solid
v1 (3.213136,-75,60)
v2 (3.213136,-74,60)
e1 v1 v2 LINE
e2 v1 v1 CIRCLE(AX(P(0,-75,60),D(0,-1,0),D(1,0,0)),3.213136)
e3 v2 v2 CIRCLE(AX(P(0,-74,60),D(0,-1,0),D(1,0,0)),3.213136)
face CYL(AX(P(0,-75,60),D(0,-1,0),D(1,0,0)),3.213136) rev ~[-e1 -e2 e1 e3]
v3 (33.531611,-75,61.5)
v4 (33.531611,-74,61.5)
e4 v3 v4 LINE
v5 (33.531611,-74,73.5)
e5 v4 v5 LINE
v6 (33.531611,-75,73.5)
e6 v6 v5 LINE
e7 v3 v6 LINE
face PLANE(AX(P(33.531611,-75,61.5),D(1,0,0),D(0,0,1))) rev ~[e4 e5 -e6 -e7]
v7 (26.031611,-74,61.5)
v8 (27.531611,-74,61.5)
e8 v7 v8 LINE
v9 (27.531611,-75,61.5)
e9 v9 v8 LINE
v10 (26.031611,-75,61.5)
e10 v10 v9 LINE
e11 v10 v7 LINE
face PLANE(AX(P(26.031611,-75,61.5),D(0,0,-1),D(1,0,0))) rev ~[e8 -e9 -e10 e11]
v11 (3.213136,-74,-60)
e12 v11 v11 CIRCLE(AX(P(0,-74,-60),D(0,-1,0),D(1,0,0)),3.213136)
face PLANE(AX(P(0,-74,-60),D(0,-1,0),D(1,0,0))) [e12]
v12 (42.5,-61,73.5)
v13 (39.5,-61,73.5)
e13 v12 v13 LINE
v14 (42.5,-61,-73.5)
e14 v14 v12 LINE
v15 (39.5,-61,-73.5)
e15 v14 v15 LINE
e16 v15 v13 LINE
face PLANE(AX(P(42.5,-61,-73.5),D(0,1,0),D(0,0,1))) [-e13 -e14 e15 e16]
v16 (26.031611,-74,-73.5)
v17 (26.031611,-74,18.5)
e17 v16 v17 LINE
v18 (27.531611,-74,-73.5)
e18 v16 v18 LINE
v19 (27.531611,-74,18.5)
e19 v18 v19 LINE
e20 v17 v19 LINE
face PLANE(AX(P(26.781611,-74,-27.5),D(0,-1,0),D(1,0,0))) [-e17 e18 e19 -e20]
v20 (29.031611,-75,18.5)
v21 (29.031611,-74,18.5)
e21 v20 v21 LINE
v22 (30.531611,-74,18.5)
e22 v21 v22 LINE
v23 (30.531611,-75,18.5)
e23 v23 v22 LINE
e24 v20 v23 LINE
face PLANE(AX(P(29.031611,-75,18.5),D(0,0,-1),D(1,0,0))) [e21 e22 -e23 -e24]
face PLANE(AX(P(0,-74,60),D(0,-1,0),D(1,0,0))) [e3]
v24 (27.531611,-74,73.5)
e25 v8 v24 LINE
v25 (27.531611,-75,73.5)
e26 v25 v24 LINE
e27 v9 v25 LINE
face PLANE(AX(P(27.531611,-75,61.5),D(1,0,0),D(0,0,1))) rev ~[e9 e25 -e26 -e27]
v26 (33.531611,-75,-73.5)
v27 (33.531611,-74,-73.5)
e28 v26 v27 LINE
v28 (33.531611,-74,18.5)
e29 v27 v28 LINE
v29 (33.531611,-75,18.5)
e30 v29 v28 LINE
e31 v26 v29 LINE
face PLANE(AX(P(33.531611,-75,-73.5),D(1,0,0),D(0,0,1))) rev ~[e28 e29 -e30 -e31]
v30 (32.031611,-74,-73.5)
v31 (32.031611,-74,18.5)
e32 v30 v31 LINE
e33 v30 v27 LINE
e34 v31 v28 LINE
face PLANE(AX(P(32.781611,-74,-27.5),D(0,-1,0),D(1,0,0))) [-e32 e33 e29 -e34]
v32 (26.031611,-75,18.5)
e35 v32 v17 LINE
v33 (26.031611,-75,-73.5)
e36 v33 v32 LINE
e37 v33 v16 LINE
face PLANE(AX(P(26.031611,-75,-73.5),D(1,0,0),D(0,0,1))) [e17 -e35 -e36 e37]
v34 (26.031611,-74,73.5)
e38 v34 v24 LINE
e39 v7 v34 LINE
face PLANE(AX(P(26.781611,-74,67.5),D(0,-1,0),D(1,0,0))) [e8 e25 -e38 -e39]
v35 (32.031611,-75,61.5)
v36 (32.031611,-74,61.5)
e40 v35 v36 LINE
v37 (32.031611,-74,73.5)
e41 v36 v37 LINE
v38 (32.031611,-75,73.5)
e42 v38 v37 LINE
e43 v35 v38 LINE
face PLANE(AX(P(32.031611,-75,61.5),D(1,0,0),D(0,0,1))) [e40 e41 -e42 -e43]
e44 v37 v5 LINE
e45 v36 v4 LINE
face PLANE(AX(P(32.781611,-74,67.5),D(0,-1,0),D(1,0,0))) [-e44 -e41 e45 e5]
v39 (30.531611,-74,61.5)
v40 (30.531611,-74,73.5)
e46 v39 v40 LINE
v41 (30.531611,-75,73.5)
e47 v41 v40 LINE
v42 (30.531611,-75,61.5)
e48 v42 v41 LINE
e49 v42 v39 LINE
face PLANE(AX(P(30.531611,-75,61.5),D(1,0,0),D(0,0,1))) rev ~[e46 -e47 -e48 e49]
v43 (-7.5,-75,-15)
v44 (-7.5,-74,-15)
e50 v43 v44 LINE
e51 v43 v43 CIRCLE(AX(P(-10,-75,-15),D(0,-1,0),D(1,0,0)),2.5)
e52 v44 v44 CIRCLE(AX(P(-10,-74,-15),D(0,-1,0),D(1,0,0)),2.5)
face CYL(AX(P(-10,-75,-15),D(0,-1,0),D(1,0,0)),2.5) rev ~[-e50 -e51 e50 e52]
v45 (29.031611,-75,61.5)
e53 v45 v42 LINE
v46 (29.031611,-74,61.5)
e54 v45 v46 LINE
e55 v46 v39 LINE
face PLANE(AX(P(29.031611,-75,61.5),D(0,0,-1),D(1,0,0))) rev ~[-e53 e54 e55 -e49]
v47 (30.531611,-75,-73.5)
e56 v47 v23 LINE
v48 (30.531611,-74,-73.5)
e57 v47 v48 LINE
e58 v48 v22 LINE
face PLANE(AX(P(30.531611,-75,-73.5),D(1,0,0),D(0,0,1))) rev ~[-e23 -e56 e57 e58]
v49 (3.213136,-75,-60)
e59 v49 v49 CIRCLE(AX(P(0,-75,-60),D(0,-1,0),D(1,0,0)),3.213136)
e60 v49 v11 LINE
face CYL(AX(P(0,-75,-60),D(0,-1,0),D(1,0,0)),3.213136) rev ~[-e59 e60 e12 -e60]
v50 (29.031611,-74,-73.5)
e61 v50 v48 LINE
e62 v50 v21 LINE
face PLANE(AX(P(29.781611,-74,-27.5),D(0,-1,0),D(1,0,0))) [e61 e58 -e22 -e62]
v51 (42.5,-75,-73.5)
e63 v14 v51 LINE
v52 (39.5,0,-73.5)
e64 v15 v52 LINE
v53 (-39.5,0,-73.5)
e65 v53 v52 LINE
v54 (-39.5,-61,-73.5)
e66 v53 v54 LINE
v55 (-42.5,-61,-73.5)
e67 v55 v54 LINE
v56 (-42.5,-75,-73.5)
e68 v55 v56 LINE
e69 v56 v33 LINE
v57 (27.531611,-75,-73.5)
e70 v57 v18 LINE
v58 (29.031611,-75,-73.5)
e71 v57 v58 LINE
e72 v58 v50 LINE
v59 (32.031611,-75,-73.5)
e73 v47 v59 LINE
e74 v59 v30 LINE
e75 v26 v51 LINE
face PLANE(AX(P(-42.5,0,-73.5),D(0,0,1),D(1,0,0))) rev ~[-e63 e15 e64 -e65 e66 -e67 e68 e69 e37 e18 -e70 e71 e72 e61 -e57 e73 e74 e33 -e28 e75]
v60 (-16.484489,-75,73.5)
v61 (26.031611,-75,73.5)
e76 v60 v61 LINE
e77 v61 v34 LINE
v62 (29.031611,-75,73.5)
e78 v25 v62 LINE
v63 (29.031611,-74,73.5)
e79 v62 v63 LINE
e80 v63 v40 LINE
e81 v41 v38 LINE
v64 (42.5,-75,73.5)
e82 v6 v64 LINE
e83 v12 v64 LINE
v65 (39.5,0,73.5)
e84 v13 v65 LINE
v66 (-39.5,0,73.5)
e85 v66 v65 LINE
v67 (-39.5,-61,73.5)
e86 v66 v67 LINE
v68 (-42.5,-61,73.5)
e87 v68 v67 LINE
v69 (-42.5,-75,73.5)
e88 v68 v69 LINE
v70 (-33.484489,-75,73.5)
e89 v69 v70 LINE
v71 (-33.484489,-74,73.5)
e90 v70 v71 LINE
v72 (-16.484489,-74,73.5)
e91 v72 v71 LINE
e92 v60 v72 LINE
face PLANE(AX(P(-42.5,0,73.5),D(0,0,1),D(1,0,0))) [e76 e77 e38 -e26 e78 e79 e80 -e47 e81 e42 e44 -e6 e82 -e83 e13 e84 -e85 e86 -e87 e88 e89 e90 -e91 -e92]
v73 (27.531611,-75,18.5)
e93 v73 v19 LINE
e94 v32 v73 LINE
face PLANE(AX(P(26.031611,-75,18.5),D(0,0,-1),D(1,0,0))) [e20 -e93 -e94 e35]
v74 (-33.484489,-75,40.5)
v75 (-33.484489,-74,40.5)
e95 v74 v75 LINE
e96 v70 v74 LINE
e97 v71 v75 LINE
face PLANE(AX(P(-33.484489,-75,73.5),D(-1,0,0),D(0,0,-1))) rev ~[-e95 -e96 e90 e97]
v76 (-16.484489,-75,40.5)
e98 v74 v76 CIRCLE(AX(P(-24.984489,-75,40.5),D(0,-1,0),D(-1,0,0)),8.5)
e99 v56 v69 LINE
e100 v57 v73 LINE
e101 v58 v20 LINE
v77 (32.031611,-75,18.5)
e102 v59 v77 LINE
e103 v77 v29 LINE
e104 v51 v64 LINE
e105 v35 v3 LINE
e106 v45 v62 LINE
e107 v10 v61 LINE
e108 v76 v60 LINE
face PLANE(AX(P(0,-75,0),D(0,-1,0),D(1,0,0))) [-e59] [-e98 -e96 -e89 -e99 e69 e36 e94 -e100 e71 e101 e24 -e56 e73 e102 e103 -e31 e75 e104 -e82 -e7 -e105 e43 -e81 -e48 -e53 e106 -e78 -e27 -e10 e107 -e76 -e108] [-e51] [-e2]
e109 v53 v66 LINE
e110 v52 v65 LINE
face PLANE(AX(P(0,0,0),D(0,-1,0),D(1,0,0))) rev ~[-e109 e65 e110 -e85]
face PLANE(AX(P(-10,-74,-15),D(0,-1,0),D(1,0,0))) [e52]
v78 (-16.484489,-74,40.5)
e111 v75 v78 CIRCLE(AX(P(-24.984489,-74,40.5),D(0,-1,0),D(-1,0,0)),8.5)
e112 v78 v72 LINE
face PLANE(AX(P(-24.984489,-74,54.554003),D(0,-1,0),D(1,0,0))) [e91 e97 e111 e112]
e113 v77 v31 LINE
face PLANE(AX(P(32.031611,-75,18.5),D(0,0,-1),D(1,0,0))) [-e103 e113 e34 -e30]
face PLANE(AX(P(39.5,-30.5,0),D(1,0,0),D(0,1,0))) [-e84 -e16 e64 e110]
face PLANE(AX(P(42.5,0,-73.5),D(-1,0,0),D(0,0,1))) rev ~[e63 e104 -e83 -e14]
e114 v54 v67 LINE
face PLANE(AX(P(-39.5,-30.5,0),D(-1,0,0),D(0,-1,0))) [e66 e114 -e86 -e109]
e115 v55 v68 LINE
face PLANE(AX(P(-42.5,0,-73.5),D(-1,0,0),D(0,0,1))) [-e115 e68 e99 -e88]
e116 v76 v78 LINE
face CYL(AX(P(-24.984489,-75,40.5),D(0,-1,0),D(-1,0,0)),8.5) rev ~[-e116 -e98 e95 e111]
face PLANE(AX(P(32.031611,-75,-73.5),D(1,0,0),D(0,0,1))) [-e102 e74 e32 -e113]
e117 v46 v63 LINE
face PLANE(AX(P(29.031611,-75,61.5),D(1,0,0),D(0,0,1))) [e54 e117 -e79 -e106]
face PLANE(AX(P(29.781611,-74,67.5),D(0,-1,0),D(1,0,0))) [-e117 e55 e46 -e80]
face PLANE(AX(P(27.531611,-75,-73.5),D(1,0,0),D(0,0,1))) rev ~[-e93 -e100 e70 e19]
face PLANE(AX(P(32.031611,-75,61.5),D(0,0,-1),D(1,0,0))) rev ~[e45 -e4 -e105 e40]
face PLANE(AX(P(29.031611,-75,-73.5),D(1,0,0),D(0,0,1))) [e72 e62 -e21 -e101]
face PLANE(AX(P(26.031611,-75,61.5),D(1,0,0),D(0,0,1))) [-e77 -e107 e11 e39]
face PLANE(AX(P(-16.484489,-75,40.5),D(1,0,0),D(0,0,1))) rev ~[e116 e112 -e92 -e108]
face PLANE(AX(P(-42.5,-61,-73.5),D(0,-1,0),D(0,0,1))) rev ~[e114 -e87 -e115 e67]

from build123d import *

# Parameters (mm, degrees)
F0_W     = 85
F0_H     = 147
F1_DEPTH = 75
F2_W     = 1.5
F2_H     = 92
F2_R     = 3.213136
F2_R_2   = 2.5
F2_H_2   = 12
F3_DEPTH = 1
F4_W     = 61
F4_H     = 147
F5_DEPTH = 3
F6_W     = 61
F6_H     = 147
F7_DEPTH = 3


with BuildPart() as f1:
    # F0 (on Front) → F1 (new body)
    with BuildSketch(Plane.XZ):
        Rectangle(F0_W, F0_H)
    extrude(amount=F1_DEPTH)

    # F2 (on face) → F3 (cut)
    with BuildSketch(Plane.XZ.offset(75)):
        with Locations((26.781611, -27.5)):
            Rectangle(F2_W, F2_H)
        with Locations((29.781611, -27.5)):
            Rectangle(F2_W, F2_H)
        with Locations((32.781611, -27.5)):
            Rectangle(F2_W, F2_H)
        with Locations((0, -60)):
            Circle(F2_R)
        with Locations((-10, -15)):
            Circle(F2_R_2)
        with Locations((0, 60)):
            Circle(F2_R)
        with BuildLine():
            Line((-16.484489, 73.5), (-33.484489, 73.5))
            Line((-33.484489, 73.5), (-33.484489, 40.5))
            ThreePointArc((-33.484489, 40.5), (-24.984489, 32), (-16.484489, 40.5))
            Line((-16.484489, 40.5), (-16.484489, 73.5))
        make_face()
        with Locations((26.781611, 67.5)):
            Rectangle(F2_W, F2_H_2)
        with Locations((29.781611, 67.5)):
            Rectangle(F2_W, F2_H_2)
        with Locations((32.781611, 67.5)):
            Rectangle(F2_W, F2_H_2)
    extrude(amount=-F3_DEPTH, mode=Mode.SUBTRACT)

    # F4 (on face) → F5 (cut)
    with BuildSketch(Plane(origin=(-42.5, 0, 0), x_dir=(0, -1, 0), z_dir=(-1, 0, 0))):
        with Locations((30.5, 0)):
            Rectangle(F4_W, F4_H)
    extrude(amount=-F5_DEPTH, mode=Mode.SUBTRACT)

    # F6 (on face) → F7 (cut)
    with BuildSketch(Plane.YZ.offset(42.5)):
        with Locations((-30.5, 0)):
            Rectangle(F6_W, F6_H)
    extrude(amount=-F7_DEPTH, mode=Mode.SUBTRACT)


solid = f1.part
